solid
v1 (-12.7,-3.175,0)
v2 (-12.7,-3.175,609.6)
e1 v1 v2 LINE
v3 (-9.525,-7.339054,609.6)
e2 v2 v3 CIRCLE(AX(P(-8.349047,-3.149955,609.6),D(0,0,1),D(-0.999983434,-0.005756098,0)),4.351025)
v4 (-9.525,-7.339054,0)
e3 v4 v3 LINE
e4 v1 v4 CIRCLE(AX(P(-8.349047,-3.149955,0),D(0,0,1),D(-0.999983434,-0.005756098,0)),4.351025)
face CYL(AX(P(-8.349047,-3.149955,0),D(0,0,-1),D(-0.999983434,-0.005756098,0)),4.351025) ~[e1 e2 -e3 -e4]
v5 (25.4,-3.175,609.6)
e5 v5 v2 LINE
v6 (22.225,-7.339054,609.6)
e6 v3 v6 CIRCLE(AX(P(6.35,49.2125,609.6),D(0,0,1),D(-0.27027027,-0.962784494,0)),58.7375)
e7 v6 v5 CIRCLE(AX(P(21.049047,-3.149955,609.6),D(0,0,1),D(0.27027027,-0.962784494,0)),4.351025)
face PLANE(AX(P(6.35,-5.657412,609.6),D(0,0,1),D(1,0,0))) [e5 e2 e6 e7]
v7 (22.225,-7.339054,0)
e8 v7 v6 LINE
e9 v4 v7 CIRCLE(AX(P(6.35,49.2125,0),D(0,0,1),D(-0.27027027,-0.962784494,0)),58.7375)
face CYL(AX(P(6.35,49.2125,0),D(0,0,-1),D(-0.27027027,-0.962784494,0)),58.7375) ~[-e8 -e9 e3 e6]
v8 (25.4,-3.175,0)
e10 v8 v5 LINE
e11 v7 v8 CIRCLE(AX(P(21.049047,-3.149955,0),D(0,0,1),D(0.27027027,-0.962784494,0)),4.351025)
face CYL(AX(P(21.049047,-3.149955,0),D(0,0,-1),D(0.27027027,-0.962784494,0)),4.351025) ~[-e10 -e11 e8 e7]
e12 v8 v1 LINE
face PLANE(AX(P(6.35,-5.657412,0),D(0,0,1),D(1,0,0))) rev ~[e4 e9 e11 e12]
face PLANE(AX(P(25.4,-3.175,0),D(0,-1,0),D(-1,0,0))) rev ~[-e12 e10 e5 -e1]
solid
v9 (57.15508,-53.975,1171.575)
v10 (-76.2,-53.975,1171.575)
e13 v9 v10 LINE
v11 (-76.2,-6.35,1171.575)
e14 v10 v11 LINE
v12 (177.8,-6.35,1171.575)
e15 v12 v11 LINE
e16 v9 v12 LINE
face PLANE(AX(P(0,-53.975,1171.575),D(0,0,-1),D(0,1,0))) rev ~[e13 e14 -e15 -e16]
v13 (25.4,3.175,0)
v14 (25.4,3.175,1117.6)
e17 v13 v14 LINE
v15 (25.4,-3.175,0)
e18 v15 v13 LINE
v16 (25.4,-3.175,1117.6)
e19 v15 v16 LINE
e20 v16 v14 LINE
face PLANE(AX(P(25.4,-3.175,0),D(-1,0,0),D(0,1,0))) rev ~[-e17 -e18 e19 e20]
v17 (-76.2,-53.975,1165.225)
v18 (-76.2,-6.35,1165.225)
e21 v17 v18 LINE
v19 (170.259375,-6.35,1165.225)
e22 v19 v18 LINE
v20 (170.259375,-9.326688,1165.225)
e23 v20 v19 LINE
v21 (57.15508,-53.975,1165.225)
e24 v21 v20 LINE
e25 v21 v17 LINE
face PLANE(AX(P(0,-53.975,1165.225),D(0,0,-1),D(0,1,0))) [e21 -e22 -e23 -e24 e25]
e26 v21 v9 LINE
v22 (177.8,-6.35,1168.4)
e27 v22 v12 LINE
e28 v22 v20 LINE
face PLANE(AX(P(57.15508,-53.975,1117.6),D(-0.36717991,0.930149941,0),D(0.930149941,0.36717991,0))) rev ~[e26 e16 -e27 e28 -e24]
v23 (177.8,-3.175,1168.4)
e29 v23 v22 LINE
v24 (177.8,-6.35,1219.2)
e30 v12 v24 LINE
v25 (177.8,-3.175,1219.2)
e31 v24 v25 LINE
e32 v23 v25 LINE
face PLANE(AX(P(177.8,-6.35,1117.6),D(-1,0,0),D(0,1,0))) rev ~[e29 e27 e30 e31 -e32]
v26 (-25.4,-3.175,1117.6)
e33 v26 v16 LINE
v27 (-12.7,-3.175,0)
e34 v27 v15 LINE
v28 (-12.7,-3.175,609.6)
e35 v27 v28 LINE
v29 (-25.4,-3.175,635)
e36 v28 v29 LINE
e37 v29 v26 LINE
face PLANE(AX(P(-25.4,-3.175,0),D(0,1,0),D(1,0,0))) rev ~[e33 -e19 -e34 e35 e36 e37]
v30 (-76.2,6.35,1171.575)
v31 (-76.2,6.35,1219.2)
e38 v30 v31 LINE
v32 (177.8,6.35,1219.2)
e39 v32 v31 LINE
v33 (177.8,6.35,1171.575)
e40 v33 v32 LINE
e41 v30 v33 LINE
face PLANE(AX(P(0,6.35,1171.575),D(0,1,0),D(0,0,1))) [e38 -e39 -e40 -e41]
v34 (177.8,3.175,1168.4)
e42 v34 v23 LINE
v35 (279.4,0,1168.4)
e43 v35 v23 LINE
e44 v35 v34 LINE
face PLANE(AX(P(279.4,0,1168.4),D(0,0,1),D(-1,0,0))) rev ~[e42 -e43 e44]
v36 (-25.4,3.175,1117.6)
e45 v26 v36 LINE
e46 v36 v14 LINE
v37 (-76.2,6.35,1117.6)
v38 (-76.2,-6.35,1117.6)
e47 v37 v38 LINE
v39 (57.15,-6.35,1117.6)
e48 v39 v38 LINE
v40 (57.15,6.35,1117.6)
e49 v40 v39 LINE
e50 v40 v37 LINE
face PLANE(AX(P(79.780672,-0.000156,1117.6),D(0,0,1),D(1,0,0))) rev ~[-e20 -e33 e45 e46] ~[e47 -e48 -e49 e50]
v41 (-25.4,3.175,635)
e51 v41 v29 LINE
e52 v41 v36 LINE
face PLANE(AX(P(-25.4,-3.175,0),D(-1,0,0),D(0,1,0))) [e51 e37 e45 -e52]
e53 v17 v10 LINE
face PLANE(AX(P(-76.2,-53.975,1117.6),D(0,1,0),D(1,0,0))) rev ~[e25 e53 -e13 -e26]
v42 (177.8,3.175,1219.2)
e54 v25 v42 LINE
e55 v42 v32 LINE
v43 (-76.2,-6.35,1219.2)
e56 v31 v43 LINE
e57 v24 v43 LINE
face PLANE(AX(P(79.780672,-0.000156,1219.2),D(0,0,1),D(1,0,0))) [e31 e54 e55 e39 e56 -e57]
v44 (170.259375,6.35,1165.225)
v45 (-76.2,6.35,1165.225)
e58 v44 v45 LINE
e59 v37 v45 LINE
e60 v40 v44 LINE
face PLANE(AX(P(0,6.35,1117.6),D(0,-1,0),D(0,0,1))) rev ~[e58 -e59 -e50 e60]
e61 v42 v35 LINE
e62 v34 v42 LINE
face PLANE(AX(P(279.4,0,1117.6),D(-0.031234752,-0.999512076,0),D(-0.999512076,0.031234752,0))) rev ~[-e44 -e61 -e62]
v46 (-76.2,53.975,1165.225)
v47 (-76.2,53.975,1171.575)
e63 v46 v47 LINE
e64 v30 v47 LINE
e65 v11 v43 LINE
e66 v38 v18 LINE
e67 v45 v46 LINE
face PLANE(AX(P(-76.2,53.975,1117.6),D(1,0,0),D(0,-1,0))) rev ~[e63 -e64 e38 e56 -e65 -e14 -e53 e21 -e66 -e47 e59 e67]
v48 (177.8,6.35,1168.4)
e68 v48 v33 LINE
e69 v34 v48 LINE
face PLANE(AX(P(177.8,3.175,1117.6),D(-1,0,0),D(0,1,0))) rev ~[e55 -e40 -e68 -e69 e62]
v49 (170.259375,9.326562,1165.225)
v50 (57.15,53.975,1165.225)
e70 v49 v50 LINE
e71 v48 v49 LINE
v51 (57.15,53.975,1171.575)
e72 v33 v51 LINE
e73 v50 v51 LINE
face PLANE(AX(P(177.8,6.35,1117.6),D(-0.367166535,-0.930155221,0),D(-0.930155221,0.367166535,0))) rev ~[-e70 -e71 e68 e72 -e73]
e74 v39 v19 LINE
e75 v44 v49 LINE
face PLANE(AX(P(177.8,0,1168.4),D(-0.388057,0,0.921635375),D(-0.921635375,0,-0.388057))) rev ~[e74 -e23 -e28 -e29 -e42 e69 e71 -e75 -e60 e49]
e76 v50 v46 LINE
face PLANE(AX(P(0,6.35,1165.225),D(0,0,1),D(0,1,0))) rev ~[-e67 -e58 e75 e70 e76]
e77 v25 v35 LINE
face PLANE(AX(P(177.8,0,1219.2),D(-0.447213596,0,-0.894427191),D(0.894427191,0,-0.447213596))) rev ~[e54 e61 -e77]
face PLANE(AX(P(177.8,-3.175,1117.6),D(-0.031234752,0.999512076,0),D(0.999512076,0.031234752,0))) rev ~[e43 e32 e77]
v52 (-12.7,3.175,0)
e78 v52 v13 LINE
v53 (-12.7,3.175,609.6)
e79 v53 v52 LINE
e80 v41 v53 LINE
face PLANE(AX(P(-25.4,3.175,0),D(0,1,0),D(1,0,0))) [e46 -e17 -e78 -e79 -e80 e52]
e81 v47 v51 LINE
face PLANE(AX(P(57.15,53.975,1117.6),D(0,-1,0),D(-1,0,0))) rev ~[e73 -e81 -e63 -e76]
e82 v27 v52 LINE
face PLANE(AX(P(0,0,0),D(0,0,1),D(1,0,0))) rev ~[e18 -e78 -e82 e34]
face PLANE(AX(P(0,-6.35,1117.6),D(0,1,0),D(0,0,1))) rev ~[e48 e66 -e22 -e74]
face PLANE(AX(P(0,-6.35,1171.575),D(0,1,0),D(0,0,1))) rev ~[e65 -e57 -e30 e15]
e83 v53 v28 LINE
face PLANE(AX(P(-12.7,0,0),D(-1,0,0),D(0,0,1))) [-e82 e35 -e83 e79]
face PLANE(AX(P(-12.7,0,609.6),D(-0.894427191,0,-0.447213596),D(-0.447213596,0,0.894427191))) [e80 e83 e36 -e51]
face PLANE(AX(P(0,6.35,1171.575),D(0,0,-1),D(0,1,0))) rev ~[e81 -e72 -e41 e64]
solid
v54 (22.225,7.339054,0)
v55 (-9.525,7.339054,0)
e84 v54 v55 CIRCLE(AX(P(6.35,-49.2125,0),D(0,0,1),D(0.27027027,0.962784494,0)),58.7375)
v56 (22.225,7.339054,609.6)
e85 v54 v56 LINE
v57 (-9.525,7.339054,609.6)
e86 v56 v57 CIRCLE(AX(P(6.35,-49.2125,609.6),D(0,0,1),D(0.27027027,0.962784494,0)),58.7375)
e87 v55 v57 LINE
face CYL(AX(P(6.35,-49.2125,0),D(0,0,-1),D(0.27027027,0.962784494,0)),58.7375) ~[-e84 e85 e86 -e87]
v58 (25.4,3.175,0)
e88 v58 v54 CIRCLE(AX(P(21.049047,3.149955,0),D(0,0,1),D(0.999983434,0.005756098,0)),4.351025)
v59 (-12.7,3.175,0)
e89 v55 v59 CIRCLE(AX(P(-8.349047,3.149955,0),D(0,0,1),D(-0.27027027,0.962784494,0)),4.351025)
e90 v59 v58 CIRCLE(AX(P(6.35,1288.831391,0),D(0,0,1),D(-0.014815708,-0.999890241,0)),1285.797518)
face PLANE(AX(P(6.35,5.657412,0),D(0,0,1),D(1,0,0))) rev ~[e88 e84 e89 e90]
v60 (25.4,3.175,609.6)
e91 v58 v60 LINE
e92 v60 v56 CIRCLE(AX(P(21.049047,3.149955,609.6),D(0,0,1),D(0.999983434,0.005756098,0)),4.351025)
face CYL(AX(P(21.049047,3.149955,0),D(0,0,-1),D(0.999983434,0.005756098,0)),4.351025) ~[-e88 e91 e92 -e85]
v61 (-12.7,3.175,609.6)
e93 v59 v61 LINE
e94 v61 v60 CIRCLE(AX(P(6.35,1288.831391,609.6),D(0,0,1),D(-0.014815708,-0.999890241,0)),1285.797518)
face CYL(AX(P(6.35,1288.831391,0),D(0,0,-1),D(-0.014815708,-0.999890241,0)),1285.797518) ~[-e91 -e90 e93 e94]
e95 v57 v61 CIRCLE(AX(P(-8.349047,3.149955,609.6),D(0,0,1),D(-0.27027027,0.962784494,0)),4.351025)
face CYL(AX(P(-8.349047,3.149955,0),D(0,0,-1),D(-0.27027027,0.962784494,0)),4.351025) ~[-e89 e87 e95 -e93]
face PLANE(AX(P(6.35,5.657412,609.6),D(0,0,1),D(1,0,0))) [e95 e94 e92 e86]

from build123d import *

# Parameters (mm, degrees)
F0_W           = 50.8
F0_H           = 6.35
F1_DEPTH       = 1219.2
F3_START       = 1117.6
F3_DEPTH       = 101.6
F5_DEPTH       = 76.2
F5_DEPTH_BACK  = 76.2
F6_W           = 47.625
F6_H           = 47.625
F7_DEPTH       = 101.6
F7_DEPTH_BACK  = 254
F9_DEPTH       = 609.6
F11_DEPTH      = 25.4
F11_DEPTH_BACK = 25.4


with BuildPart() as f1:
    # F0 (on Top) → F1 (new body)
    with BuildSketch(Plane.XY):
        Rectangle(F0_W, F0_H)
    extrude(amount=F1_DEPTH)

    # F2 (on Top) → F3 (join)
    with BuildSketch(Plane.XY.offset(F3_START)):
        Polygon((57.15, 53.975), (-76.2, 53.975), (-76.2, -53.975), (57.1550797742, -53.975), (177.8, -6.35), (177.8, -3.175), (279.4, 0), (177.8, 3.175), (177.8, 6.35), align=None)
    extrude(amount=F3_DEPTH)

    # F4 (on Front) → F5 (cut, two sides)
    with BuildSketch(Plane.XZ) as f5_sk:
        Polygon((279.4, 1117.6), (279.4, 1168.4), (177.8, 1168.4), (57.15, 1117.6), align=None)
        Polygon((177.8, 1219.2), (279.4, 1168.4), (279.4, 1219.2), align=None)
    extrude(amount=-F5_DEPTH, mode=Mode.SUBTRACT)
    extrude(f5_sk.sketch, amount=F5_DEPTH_BACK, mode=Mode.SUBTRACT)

    # F6 (on Right) → F7 (cut, two sides)
    with BuildSketch(Plane.YZ) as f7_sk:
        with Locations((-30.1625, 1195.3875)):
            Rectangle(F6_W, F6_H)
        with Locations((-30.1625, 1141.4125)):
            Rectangle(F6_W, F6_H)
        with Locations((30.1625, 1141.4125)):
            Rectangle(F6_W, F6_H)
        with Locations((30.1625, 1195.3875)):
            Rectangle(F6_W, F6_H)
    extrude(amount=-F7_DEPTH, mode=Mode.SUBTRACT)
    extrude(f7_sk.sketch, amount=F7_DEPTH_BACK, mode=Mode.SUBTRACT)

    # F10 (on Front) → F11 (cut, two sides)
    with BuildSketch(Plane.XZ) as f11_sk:
        Polygon((-12.7, 0), (-12.7, 609.6), (-25.4, 635), (-25.4, 0), align=None)
    extrude(amount=-F11_DEPTH, mode=Mode.SUBTRACT)
    extrude(f11_sk.sketch, amount=F11_DEPTH_BACK, mode=Mode.SUBTRACT)


with BuildPart() as f9:
    # F8 (on Top) → F9 (new body)
    with BuildSketch(Plane.XY):
        with BuildLine():
            ThreePointArc((-9.525, 7.3390541895), (-11.8090339699, 5.7881189716), (-12.7, 3.175))
            Line((-12.7, 3.175), (25.4, 3.175))
            ThreePointArc((25.4, 3.175), (24.5090339699, 5.7881189716), (22.225, 7.3390541895))
            ThreePointArc((22.225, 7.3390541895), (6.35, 9.525), (-9.525, 7.3390541895))
        make_face()
        with BuildLine():
            Line((25.4, 3.175), (-12.7, 3.175))
            ThreePointArc((-12.7, 3.175), (6.35, 3.0338726406), (25.4, 3.175))
        make_face()
    extrude(amount=F9_DEPTH)


with BuildPart() as f9b:
    # F8 (on Top) → F9, piece 2 (new body)
    with BuildSketch(Plane.XY):
        with BuildLine():
            ThreePointArc((22.225, -7.3390541895), (24.5090339699, -5.7881189716), (25.4, -3.175))
            Line((25.4, -3.175), (-12.7, -3.175))
            ThreePointArc((-12.7, -3.175), (-11.8090339699, -5.7881189716), (-9.525, -7.3390541895))
            ThreePointArc((-9.525, -7.3390541895), (6.35, -9.525), (22.225, -7.3390541895))
        make_face()
    extrude(amount=F9_DEPTH)


solid = Compound([f1.part, f9.part, f9b.part])
